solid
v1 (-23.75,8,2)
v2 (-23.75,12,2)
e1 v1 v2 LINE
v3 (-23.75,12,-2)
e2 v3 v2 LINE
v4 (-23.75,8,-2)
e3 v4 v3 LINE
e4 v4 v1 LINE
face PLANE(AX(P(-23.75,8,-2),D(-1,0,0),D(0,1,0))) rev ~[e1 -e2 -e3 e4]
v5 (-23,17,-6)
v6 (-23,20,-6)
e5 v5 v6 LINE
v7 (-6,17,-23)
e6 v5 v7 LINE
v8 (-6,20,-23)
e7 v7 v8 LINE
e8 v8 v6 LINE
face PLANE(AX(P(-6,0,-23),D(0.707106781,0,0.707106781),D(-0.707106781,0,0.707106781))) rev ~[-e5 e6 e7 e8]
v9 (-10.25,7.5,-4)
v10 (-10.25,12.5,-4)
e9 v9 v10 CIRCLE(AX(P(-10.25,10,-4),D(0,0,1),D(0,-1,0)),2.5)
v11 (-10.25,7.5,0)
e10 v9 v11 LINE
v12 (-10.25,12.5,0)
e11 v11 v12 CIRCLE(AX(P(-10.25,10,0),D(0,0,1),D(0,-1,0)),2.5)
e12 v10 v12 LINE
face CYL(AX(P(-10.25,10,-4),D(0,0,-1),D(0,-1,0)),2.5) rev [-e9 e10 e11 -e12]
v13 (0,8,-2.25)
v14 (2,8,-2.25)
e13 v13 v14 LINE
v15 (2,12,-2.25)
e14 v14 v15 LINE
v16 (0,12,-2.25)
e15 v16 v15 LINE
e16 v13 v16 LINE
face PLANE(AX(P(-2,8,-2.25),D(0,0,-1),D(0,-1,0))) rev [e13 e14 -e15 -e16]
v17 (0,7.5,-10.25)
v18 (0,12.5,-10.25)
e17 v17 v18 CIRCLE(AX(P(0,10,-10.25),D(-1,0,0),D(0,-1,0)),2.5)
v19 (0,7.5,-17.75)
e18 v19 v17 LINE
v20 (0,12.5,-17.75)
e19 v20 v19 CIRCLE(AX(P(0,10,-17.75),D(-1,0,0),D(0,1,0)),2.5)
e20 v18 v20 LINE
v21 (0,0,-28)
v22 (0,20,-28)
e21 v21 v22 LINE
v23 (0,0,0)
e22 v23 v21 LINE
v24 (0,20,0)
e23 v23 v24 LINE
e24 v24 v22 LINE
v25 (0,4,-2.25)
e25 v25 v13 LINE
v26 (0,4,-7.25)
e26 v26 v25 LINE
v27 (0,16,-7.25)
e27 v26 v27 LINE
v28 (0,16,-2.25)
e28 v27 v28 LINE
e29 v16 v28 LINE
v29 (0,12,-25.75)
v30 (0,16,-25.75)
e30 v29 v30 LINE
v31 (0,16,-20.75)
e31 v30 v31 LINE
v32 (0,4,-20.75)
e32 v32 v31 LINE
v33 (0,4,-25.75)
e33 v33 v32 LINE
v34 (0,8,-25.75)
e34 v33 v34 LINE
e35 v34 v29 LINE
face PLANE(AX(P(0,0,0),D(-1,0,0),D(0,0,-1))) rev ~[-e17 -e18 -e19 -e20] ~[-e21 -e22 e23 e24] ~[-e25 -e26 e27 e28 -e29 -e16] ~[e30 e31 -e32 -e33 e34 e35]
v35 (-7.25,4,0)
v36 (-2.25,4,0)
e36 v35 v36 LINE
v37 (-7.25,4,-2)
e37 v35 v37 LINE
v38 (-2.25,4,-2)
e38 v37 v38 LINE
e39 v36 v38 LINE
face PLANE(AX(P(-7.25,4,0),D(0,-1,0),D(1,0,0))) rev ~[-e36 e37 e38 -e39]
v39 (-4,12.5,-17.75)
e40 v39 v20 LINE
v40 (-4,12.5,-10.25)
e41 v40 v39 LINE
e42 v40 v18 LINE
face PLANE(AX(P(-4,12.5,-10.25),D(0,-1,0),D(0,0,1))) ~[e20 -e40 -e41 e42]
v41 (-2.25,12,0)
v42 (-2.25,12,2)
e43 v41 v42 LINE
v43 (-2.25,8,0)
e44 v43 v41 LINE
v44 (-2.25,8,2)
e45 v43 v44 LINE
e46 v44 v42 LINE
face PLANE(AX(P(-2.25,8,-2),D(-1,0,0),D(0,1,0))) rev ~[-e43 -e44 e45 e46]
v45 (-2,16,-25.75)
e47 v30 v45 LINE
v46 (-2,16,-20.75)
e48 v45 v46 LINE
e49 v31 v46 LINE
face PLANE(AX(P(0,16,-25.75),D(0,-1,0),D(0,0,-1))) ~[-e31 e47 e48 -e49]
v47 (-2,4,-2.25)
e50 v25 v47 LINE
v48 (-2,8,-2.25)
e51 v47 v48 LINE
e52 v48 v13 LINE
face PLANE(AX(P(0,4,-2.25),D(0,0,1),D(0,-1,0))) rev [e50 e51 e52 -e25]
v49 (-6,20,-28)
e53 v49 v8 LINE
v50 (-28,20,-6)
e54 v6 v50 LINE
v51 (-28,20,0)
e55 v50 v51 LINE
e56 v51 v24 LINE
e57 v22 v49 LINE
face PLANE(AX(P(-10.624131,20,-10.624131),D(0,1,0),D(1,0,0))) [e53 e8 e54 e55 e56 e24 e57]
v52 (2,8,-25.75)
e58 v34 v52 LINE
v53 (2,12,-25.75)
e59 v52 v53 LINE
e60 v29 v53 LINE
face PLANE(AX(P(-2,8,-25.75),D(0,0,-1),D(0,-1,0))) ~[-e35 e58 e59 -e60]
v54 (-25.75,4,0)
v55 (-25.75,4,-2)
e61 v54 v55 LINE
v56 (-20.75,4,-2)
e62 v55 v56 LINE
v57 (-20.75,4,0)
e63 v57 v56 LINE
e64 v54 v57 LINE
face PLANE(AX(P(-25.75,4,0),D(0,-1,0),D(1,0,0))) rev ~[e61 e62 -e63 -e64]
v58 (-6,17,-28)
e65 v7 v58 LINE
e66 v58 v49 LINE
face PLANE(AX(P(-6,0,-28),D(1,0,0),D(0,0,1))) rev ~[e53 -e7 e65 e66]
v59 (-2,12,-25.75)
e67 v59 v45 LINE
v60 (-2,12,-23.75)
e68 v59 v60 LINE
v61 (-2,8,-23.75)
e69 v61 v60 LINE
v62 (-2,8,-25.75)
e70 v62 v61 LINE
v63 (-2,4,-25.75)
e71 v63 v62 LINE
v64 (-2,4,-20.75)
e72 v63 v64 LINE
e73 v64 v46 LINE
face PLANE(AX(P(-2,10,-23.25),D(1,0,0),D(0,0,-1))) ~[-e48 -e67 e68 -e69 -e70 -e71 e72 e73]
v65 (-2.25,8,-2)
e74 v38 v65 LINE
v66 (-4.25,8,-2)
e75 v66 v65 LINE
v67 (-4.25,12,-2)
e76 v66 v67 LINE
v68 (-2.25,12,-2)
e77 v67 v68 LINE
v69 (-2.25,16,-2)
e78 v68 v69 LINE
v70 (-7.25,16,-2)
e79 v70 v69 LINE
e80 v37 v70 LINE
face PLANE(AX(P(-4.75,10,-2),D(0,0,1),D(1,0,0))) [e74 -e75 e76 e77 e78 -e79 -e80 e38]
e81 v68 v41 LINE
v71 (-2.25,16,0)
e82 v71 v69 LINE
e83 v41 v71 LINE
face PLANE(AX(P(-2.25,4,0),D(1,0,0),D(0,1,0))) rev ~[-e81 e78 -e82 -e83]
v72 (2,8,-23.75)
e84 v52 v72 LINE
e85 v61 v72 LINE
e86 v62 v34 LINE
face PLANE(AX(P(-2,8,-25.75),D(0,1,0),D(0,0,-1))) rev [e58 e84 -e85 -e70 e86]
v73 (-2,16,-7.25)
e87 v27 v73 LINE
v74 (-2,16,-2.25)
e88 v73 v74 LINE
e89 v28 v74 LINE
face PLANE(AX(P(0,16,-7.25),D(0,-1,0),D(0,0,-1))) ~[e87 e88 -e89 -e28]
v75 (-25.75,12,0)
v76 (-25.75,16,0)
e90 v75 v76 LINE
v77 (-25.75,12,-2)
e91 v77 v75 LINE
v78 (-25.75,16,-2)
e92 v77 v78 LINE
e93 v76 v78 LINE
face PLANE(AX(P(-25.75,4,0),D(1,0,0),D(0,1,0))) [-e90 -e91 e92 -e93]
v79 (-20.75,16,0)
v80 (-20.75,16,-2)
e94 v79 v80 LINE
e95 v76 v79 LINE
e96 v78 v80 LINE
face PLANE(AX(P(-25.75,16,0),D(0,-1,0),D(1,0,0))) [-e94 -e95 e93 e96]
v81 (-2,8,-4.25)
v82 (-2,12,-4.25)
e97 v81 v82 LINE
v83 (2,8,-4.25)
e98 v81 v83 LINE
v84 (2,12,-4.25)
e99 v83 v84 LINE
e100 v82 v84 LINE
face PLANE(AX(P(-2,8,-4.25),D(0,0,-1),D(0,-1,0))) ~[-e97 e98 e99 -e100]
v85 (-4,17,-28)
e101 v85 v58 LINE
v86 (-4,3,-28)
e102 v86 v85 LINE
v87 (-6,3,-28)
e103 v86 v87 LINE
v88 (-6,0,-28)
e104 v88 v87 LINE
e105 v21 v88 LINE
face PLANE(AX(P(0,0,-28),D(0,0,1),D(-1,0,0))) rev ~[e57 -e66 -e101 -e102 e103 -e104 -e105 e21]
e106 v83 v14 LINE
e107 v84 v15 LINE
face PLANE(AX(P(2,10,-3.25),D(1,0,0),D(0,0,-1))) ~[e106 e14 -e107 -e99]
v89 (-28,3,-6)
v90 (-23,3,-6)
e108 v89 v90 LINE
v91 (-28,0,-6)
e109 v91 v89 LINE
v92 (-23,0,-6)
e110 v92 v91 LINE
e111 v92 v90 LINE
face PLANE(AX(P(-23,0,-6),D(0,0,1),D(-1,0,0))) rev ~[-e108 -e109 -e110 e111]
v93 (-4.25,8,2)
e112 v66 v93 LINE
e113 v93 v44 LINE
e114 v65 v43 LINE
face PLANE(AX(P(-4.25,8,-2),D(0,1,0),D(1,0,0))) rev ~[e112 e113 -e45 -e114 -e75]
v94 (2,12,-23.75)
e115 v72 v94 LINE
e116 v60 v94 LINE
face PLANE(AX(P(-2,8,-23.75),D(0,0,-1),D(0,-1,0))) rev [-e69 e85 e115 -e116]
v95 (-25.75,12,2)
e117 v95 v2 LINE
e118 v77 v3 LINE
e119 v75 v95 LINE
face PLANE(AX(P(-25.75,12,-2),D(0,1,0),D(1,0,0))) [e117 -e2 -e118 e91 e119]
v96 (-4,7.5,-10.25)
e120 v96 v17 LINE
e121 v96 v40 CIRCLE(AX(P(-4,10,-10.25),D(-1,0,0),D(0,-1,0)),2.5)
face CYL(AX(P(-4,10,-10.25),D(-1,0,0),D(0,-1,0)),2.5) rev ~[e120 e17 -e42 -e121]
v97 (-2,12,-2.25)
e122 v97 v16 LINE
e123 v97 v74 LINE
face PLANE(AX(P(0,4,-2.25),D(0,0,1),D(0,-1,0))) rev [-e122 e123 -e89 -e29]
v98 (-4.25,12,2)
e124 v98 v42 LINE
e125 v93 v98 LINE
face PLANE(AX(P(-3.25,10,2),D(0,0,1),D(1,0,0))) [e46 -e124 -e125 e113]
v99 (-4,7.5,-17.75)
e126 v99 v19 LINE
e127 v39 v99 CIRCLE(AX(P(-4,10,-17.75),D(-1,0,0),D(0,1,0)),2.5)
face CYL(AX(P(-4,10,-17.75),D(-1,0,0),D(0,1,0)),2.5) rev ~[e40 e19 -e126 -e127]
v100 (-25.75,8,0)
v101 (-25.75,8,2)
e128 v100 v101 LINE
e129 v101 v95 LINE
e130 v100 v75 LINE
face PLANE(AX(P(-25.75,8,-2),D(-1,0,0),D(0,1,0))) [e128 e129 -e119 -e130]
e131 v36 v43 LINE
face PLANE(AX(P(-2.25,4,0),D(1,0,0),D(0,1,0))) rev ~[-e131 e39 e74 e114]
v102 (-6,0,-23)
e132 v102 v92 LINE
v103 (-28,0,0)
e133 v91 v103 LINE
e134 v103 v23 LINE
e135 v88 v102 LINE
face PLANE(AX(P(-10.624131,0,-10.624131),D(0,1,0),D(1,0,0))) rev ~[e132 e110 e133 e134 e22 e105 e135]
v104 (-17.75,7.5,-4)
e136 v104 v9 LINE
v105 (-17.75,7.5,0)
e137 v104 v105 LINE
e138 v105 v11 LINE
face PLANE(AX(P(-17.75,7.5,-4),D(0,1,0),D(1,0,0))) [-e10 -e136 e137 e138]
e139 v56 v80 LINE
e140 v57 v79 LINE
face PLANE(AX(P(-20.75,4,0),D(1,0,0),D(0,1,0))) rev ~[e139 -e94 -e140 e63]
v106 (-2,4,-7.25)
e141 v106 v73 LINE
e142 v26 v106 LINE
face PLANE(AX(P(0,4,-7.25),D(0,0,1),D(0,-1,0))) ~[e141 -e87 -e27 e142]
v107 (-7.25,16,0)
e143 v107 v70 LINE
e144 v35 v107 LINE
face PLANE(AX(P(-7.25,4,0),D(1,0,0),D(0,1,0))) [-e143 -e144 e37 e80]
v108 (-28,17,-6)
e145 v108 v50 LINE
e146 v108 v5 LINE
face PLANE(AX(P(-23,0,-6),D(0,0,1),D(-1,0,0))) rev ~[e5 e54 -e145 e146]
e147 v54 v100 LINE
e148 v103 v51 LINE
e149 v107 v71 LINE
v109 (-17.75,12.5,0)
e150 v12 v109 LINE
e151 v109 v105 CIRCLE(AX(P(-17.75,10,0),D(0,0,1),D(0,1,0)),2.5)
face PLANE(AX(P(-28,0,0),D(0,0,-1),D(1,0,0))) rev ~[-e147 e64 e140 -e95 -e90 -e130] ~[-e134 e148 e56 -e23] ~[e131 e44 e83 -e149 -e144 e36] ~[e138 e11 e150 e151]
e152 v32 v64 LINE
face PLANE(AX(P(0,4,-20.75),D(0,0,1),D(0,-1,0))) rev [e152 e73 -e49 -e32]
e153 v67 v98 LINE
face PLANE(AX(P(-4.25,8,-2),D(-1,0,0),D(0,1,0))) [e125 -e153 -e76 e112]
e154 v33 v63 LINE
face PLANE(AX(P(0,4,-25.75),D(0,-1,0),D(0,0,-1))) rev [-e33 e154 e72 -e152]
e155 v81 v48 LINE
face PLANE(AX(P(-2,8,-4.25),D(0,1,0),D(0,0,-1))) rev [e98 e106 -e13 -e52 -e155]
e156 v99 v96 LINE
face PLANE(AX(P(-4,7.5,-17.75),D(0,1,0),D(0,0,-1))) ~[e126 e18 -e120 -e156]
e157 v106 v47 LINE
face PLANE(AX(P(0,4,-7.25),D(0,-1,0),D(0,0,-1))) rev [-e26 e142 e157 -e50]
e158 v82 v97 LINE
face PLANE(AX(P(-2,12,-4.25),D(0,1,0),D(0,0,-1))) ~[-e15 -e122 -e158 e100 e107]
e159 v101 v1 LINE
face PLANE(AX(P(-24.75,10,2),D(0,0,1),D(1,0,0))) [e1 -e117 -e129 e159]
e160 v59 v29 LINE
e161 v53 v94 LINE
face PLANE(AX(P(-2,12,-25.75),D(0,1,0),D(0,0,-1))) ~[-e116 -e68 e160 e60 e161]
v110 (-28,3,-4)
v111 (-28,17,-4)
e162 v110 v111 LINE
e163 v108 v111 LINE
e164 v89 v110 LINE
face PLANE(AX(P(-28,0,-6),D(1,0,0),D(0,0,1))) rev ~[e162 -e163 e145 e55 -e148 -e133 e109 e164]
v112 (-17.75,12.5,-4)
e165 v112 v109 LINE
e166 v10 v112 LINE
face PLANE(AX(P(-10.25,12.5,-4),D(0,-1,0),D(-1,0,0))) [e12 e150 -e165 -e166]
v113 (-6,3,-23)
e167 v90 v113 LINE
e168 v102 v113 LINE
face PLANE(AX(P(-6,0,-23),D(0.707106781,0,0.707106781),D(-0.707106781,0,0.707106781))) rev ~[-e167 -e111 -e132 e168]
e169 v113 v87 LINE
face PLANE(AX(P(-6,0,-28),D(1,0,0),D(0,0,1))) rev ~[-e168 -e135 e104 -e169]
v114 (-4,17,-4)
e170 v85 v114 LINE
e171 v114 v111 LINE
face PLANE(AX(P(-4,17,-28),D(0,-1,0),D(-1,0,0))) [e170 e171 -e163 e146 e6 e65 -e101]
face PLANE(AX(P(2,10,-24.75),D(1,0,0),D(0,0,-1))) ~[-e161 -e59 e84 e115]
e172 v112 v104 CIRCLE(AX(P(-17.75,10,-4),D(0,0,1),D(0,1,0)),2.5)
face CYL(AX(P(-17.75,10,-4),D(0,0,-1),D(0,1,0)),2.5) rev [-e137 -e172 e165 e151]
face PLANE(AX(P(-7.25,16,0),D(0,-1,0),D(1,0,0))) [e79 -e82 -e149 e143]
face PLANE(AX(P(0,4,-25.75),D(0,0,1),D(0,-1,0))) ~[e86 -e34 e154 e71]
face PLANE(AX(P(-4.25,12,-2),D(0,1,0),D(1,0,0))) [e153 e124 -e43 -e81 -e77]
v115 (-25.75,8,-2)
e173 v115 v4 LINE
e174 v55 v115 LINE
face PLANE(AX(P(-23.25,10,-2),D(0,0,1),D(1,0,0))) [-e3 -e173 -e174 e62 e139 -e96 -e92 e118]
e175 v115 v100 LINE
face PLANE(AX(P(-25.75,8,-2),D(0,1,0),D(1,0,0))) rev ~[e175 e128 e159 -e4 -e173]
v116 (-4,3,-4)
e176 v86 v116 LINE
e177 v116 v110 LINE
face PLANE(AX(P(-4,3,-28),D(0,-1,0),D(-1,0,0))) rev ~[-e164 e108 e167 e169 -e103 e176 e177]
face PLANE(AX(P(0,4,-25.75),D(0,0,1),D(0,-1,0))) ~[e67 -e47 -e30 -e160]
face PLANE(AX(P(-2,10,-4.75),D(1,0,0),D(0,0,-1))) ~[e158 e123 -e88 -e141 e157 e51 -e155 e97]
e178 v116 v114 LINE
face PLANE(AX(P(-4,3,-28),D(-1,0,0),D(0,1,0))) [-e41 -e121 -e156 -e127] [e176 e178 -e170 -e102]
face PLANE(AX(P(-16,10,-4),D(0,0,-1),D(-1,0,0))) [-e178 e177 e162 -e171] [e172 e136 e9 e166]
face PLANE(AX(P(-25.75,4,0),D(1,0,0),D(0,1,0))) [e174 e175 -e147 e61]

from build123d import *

# Parameters (mm, degrees)
BOSS_EXTRUDE1_DEPTH = 20
SKETCH2_W           = 24
SKETCH2_H           = 14
CUT_EXTRUDE1_DEPTH  = 24
SKETCH3_W           = 5
SKETCH3_H           = 12
CUT_EXTRUDE2_DEPTH  = 2
SKETCH4_W           = 2
SKETCH4_H           = 4
BOSS_EXTRUDE2_DEPTH = 4
CUT_EXTRUDE3_DEPTH  = 4


with BuildPart() as part:
    # Sketch1 → Boss-Extrude1 (new body)
    with BuildSketch(Plane(origin=(0, 0, 0), x_dir=(1, 0, 0), z_dir=(0, 1, 0))):
        Polygon((-28, 0), (0, 0), (0, 28), (-6, 28), (-6, 23), (-23, 6), (-28, 6), align=None)
    extrude(amount=BOSS_EXTRUDE1_DEPTH)

    # Sketch2 → Cut-Extrude1 (cut)
    with BuildSketch(Plane(origin=(0, 0, -28), x_dir=(-1, 0, 0), z_dir=(0, 0, -1))):
        with Locations((16, 10)):
            Rectangle(SKETCH2_W, SKETCH2_H)
    extrude(amount=-CUT_EXTRUDE1_DEPTH, mode=Mode.SUBTRACT)

    # Sketch3 → Cut-Extrude2 (cut)
    with BuildSketch(Plane.XY):
        with Locations((-23.25, 10)):
            Rectangle(SKETCH3_W, SKETCH3_H)
        with Locations((-4.75, 10)):
            Rectangle(SKETCH3_W, SKETCH3_H)
    cut_extrude2 = extrude(amount=-CUT_EXTRUDE2_DEPTH, mode=Mode.SUBTRACT)

    # Sketch4 → Boss-Extrude2 (add)
    with BuildSketch(Plane.XY.offset(-2)):
        with Locations((-24.75, 10)):
            Rectangle(SKETCH4_W, SKETCH4_H)
        with Locations((-3.25, 10)):
            Rectangle(SKETCH4_W, SKETCH4_H)
    boss_extrude2 = extrude(amount=BOSS_EXTRUDE2_DEPTH)

    # Mirror11: Cut-Extrude2, Boss-Extrude2 across plane
    add(cut_extrude2.mirror(Plane(origin=(0, 0, 0), x_dir=(0.707106781, 0, 0.707106781), z_dir=(-0.707106781, 0, 0.707106781))), mode=Mode.SUBTRACT)
    add(boss_extrude2.mirror(Plane(origin=(0, 0, 0), x_dir=(0.707106781, 0, 0.707106781), z_dir=(-0.707106781, 0, 0.707106781))))

    # Sketch5 → Cut-Extrude3 (cut)
    with BuildSketch(Plane(origin=(0, 0, -4), x_dir=(-1, 0, 0), z_dir=(0, 0, -1))):
        with BuildLine():
            Line((10.25, 12.5), (17.75, 12.5))
            ThreePointArc((17.75, 12.5), (20.25, 10), (17.75, 7.5))
            Line((17.75, 7.5), (10.25, 7.5))
            ThreePointArc((10.25, 7.5), (7.75, 10), (10.25, 12.5))
        make_face()
    cut_extrude3 = extrude(amount=-CUT_EXTRUDE3_DEPTH, mode=Mode.SUBTRACT)

    # Mirror12: Cut-Extrude3 across plane
    add(cut_extrude3.mirror(Plane(origin=(0, 0, 0), x_dir=(0.707106781, 0, 0.707106781), z_dir=(-0.707106781, 0, 0.707106781))), mode=Mode.SUBTRACT)


solid = part.part
